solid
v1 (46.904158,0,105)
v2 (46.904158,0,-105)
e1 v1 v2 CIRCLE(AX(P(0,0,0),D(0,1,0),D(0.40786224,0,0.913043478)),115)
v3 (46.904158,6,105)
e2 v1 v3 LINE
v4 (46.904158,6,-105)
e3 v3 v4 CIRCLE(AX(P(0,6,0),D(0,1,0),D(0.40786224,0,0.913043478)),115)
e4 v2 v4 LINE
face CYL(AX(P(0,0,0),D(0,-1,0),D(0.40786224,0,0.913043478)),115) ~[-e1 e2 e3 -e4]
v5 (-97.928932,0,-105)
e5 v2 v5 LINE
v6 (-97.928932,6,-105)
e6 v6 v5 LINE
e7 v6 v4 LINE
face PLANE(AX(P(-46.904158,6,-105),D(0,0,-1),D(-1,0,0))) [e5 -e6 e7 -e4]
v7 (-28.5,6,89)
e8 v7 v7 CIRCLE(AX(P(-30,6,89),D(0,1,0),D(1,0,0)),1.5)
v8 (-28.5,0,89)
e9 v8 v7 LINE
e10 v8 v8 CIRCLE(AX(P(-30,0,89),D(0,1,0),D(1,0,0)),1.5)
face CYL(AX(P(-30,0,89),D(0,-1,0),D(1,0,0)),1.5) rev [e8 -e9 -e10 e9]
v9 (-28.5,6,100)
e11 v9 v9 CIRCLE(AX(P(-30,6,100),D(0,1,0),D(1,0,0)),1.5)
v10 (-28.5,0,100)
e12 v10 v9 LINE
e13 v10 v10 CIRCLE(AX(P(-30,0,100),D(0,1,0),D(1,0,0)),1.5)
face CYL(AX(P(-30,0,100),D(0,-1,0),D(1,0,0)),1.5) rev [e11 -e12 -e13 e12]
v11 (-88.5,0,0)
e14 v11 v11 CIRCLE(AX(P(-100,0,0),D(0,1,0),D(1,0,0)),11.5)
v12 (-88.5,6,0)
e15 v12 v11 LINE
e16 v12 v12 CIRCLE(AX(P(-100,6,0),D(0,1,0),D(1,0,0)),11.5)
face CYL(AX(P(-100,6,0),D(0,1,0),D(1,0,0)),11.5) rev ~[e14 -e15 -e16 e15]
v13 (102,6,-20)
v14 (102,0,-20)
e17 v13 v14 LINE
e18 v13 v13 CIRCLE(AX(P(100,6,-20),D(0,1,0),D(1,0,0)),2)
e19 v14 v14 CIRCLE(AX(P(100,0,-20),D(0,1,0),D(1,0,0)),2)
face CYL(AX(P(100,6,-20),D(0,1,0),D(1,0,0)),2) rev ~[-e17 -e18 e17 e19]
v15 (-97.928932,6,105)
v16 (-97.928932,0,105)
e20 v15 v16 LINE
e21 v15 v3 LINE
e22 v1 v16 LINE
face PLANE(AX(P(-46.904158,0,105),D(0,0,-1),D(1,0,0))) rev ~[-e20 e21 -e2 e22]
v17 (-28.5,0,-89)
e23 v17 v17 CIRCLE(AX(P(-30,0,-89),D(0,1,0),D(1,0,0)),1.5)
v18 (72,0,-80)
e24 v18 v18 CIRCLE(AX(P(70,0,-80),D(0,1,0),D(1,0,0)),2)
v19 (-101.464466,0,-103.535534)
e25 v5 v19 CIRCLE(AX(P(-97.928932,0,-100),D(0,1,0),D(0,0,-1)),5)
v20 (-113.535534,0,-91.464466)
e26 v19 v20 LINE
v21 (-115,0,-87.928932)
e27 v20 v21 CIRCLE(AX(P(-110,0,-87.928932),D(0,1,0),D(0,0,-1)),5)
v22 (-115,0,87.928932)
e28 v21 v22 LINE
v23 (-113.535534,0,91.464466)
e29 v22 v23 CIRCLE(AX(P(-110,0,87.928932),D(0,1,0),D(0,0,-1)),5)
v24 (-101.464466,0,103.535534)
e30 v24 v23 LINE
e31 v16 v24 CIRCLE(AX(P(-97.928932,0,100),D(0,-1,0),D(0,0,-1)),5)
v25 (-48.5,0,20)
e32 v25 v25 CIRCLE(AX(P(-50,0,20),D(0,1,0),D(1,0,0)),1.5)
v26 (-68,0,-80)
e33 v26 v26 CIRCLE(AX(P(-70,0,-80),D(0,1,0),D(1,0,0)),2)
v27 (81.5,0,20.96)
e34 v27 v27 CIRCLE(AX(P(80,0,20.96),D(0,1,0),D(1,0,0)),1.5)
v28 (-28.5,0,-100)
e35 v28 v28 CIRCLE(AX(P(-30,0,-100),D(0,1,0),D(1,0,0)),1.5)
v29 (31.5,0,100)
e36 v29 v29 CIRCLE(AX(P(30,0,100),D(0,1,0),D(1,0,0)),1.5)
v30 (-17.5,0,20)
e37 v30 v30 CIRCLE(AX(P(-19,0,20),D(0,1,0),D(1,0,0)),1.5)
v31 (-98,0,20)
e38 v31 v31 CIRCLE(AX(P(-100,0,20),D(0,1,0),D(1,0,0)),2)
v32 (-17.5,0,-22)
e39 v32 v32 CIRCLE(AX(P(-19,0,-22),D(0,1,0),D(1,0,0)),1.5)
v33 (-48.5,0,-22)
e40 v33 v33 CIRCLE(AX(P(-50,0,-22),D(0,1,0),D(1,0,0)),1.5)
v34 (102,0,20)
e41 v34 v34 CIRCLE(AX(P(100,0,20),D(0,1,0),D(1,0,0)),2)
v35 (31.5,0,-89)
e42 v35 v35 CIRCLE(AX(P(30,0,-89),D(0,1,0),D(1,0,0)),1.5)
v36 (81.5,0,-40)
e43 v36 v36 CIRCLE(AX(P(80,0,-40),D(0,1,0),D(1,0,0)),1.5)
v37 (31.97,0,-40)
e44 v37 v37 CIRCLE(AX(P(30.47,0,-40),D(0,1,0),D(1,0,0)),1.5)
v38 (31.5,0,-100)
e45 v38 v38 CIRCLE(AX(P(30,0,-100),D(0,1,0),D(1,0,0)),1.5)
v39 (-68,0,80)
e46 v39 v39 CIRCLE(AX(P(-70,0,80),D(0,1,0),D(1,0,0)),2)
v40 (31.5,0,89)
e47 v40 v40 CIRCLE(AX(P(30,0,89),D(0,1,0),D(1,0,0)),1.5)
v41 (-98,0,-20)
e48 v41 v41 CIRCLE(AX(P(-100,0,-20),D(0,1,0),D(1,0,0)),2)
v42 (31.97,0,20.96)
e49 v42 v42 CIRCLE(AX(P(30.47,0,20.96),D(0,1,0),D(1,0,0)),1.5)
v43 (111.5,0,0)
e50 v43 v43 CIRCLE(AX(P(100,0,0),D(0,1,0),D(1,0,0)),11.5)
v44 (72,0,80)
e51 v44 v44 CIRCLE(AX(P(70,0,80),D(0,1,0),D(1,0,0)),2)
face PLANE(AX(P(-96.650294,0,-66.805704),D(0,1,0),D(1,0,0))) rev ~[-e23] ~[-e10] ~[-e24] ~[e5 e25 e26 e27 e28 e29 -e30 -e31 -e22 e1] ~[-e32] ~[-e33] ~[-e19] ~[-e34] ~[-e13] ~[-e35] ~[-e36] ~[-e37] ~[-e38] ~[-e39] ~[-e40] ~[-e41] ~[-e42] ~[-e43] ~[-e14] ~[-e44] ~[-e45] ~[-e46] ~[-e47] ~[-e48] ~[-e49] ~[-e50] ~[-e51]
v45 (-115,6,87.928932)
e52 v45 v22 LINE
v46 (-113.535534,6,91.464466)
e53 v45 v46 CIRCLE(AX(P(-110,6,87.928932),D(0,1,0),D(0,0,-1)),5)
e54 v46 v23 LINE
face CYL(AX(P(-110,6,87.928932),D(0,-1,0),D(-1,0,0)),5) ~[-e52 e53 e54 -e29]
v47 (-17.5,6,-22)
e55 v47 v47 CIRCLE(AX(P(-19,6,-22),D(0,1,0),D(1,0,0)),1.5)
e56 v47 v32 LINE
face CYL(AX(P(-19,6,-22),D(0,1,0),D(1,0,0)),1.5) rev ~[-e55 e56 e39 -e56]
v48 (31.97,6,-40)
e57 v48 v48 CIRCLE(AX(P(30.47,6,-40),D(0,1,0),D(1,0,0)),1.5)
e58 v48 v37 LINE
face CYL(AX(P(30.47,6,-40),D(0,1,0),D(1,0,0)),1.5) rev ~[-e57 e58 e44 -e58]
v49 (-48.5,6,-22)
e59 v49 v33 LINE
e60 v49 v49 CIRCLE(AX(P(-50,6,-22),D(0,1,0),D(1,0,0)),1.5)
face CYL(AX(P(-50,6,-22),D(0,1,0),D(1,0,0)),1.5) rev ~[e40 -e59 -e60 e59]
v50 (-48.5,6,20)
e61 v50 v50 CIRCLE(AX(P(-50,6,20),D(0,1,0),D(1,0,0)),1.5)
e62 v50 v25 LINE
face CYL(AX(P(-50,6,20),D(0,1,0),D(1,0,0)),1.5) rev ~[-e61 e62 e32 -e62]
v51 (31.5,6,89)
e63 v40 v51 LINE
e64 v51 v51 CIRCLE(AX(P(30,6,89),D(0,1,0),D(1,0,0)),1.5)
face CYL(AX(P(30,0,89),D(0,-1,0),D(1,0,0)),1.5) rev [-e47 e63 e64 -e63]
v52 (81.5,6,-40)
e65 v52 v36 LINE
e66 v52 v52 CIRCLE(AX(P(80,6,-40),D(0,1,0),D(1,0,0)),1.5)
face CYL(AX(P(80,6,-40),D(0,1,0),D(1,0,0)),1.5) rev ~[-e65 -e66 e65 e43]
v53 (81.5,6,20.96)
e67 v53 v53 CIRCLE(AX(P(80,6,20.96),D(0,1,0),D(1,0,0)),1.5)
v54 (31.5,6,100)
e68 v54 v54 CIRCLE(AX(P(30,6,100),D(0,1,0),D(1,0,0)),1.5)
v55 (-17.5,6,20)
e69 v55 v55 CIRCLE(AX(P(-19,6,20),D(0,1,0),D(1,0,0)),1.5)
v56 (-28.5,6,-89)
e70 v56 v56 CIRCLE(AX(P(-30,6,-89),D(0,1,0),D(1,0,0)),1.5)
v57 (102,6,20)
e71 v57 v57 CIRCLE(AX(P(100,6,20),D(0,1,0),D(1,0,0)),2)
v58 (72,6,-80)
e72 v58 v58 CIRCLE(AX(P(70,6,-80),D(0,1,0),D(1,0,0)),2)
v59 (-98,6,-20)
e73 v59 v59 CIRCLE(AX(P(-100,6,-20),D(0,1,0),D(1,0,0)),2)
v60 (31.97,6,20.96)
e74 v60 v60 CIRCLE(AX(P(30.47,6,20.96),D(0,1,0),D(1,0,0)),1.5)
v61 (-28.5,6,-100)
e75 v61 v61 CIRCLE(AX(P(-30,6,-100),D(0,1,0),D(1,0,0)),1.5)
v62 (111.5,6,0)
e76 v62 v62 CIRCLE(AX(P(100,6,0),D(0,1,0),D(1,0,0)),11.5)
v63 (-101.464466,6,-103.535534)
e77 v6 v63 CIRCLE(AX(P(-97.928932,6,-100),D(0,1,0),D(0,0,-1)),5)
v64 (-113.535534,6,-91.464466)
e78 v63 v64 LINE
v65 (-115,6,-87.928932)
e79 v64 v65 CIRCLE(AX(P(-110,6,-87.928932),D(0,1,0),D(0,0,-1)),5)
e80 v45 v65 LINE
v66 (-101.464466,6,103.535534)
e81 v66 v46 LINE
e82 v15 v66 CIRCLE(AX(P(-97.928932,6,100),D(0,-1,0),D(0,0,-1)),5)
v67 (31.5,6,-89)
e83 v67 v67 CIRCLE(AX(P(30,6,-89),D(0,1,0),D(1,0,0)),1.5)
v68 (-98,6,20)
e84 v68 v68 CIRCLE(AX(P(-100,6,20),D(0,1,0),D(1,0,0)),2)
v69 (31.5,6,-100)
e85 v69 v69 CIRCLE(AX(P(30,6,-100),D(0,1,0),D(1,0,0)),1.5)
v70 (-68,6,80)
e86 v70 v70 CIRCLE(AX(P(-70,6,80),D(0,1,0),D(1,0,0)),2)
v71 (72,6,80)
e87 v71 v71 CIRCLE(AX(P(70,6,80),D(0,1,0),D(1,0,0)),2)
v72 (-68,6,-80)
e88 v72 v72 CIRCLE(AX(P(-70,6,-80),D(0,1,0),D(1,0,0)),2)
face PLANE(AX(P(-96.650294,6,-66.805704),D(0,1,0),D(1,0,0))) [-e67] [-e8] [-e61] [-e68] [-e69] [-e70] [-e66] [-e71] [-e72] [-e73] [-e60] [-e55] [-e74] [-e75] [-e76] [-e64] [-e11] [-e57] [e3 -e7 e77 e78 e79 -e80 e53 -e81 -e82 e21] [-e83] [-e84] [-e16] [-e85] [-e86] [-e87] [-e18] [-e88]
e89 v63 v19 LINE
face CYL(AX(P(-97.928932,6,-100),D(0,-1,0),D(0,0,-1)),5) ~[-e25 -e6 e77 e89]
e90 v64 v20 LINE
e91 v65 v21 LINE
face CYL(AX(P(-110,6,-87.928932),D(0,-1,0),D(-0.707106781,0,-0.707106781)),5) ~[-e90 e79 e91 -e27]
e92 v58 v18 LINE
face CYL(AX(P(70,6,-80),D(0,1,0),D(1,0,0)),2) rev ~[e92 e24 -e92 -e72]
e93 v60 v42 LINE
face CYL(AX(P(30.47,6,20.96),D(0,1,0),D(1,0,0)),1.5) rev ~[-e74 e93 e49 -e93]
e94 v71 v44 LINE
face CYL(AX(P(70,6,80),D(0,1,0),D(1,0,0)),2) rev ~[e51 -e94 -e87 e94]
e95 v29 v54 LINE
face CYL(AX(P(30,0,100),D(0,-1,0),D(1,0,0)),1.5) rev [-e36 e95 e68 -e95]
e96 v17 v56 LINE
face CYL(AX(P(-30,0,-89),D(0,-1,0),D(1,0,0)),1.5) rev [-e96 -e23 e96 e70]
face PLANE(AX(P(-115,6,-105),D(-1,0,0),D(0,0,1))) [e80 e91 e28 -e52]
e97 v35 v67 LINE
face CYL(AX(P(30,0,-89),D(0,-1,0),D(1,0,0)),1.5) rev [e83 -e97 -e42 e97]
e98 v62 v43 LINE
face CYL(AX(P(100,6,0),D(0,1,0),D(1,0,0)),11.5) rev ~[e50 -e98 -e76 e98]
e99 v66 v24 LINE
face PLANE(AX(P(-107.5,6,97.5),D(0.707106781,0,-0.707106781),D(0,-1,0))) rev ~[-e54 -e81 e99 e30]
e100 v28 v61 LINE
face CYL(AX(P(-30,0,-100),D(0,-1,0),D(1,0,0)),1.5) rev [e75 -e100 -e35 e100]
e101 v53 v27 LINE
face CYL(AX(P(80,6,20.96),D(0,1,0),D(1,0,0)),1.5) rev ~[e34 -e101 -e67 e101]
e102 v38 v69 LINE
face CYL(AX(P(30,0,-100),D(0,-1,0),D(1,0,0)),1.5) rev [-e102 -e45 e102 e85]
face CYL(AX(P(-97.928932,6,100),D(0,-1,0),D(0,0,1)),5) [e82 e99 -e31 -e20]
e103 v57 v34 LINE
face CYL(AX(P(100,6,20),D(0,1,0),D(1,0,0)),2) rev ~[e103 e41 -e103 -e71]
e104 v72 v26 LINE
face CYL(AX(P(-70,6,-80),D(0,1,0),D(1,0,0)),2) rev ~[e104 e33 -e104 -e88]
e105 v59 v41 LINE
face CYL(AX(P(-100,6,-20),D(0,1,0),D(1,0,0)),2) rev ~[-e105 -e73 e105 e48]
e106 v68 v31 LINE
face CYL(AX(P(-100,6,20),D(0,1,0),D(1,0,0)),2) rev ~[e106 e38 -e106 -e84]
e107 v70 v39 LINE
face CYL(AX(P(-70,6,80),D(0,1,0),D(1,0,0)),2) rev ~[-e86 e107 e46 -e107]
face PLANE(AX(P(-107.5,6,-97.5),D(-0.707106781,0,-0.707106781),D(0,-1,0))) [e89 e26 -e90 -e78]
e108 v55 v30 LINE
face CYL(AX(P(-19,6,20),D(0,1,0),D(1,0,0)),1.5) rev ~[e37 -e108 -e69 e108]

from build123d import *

# Parameters (mm, degrees)
SKETCH1_R           = 1.5
BOSS_EXTRUDE2_DEPTH = 6
SKETCH2_R           = 1.5
SKETCH2_R_2         = 2
SKETCH2_R_3         = 11.5
CUT_EXTRUDE1_DEPTH  = 6
BOSS_EXTRUDE3_DEPTH = 6
CHAMFER1_SIZE       = 15
FILLET1_R           = 5


with BuildPart() as part:
    # Sketch1 → Boss-Extrude2 (new body)
    with BuildSketch(Plane(origin=(0, 0, 0), x_dir=(1, 0, 0), z_dir=(0, 1, 0))):
        with BuildLine():
            Line((-46.904157598, -105), (46.904157598, -105))
            ThreePointArc((46.904157598, -105), (115, 0), (46.904157598, 105))
            Line((46.904157598, 105), (-46.904157598, 105))
            ThreePointArc((-46.904157598, 105), (-115, 0), (-46.904157598, -105))
        make_face()
        with Locations((-30, 100)):
            Circle(SKETCH1_R, mode=Mode.SUBTRACT)
        with Locations((30, 100)):
            Circle(SKETCH1_R, mode=Mode.SUBTRACT)
        with Locations((30, 89)):
            Circle(SKETCH1_R, mode=Mode.SUBTRACT)
        with Locations((-30, 89)):
            Circle(SKETCH1_R, mode=Mode.SUBTRACT)
        with Locations((-30, -89)):
            Circle(SKETCH1_R, mode=Mode.SUBTRACT)
        with Locations((30, -89)):
            Circle(SKETCH1_R, mode=Mode.SUBTRACT)
        with Locations((30, -100)):
            Circle(SKETCH1_R, mode=Mode.SUBTRACT)
        with Locations((-30, -100)):
            Circle(SKETCH1_R, mode=Mode.SUBTRACT)
    extrude(amount=BOSS_EXTRUDE2_DEPTH)

    # Sketch2 → Cut-Extrude1 (cut)
    with BuildSketch(Plane(origin=(0, 6, 0), x_dir=(1, 0, 0), z_dir=(0, 1, 0))):
        with Locations((-50, 22)):
            Circle(SKETCH2_R)
        with Locations((-19, 22)):
            Circle(SKETCH2_R)
        with Locations((-19, -20)):
            Circle(SKETCH2_R)
        with Locations((-50, -20)):
            Circle(SKETCH2_R)
        with Locations((80, 40)):
            Circle(SKETCH2_R)
        with Locations((30.47, 40)):
            Circle(SKETCH2_R)
        with Locations((30.47, -20.96)):
            Circle(SKETCH2_R)
        with Locations((80, -20.96)):
            Circle(SKETCH2_R)
        with Locations((70, 80)):
            Circle(SKETCH2_R_2)
        with Locations((-70, 80)):
            Circle(SKETCH2_R_2)
        with Locations((-70, -80)):
            Circle(SKETCH2_R_2)
        with Locations((70, -80)):
            Circle(SKETCH2_R_2)
        with Locations((-100, 20)):
            Circle(SKETCH2_R_2)
        with Locations((-100, -20)):
            Circle(SKETCH2_R_2)
        with Locations((100, 20)):
            Circle(SKETCH2_R_2)
        with Locations((100, -20)):
            Circle(SKETCH2_R_2)
        with Locations((-100, 0)):
            Circle(SKETCH2_R_3)
        with Locations((100, 0)):
            Circle(SKETCH2_R_3)
    extrude(amount=-CUT_EXTRUDE1_DEPTH, mode=Mode.SUBTRACT)

    # Sketch4 → Boss-Extrude3 (add)
    with BuildSketch(Plane(origin=(0, 6, 0), x_dir=(1, 0, 0), z_dir=(0, 1, 0))):
        with BuildLine():
            ThreePointArc((-115, 0), (-96.485693561, 62.574043645), (-46.904157598, 105))
            Line((-46.904157598, 105), (-115, 105))
            Line((-115, 105), (-115, 0))
        make_face()
        with BuildLine():
            ThreePointArc((-46.904157598, -105), (-96.485693561, -62.574043645), (-115, 0))
            Line((-115, 0), (-115, -105))
            Line((-115, -105), (-46.904157598, -105))
        make_face()
    extrude(amount=-BOSS_EXTRUDE3_DEPTH)

    # Chamfer1
    chamfer1_edges = [part.edges().sort_by_distance(p)[0] for p in [
        (-115, 3, -105),
        (-115, 3, 105),
    ]]
    chamfer(chamfer1_edges, length=CHAMFER1_SIZE)

    # Fillet1
    fillet1_edges = [part.edges().sort_by_distance(p)[0] for p in [
        (-115, 3, -90),
        (-115, 3, 90),
        (-100, 3, 105),
        (-100, 3, -105),
    ]]
    fillet(fillet1_edges, radius=FILLET1_R)


solid = part.part
